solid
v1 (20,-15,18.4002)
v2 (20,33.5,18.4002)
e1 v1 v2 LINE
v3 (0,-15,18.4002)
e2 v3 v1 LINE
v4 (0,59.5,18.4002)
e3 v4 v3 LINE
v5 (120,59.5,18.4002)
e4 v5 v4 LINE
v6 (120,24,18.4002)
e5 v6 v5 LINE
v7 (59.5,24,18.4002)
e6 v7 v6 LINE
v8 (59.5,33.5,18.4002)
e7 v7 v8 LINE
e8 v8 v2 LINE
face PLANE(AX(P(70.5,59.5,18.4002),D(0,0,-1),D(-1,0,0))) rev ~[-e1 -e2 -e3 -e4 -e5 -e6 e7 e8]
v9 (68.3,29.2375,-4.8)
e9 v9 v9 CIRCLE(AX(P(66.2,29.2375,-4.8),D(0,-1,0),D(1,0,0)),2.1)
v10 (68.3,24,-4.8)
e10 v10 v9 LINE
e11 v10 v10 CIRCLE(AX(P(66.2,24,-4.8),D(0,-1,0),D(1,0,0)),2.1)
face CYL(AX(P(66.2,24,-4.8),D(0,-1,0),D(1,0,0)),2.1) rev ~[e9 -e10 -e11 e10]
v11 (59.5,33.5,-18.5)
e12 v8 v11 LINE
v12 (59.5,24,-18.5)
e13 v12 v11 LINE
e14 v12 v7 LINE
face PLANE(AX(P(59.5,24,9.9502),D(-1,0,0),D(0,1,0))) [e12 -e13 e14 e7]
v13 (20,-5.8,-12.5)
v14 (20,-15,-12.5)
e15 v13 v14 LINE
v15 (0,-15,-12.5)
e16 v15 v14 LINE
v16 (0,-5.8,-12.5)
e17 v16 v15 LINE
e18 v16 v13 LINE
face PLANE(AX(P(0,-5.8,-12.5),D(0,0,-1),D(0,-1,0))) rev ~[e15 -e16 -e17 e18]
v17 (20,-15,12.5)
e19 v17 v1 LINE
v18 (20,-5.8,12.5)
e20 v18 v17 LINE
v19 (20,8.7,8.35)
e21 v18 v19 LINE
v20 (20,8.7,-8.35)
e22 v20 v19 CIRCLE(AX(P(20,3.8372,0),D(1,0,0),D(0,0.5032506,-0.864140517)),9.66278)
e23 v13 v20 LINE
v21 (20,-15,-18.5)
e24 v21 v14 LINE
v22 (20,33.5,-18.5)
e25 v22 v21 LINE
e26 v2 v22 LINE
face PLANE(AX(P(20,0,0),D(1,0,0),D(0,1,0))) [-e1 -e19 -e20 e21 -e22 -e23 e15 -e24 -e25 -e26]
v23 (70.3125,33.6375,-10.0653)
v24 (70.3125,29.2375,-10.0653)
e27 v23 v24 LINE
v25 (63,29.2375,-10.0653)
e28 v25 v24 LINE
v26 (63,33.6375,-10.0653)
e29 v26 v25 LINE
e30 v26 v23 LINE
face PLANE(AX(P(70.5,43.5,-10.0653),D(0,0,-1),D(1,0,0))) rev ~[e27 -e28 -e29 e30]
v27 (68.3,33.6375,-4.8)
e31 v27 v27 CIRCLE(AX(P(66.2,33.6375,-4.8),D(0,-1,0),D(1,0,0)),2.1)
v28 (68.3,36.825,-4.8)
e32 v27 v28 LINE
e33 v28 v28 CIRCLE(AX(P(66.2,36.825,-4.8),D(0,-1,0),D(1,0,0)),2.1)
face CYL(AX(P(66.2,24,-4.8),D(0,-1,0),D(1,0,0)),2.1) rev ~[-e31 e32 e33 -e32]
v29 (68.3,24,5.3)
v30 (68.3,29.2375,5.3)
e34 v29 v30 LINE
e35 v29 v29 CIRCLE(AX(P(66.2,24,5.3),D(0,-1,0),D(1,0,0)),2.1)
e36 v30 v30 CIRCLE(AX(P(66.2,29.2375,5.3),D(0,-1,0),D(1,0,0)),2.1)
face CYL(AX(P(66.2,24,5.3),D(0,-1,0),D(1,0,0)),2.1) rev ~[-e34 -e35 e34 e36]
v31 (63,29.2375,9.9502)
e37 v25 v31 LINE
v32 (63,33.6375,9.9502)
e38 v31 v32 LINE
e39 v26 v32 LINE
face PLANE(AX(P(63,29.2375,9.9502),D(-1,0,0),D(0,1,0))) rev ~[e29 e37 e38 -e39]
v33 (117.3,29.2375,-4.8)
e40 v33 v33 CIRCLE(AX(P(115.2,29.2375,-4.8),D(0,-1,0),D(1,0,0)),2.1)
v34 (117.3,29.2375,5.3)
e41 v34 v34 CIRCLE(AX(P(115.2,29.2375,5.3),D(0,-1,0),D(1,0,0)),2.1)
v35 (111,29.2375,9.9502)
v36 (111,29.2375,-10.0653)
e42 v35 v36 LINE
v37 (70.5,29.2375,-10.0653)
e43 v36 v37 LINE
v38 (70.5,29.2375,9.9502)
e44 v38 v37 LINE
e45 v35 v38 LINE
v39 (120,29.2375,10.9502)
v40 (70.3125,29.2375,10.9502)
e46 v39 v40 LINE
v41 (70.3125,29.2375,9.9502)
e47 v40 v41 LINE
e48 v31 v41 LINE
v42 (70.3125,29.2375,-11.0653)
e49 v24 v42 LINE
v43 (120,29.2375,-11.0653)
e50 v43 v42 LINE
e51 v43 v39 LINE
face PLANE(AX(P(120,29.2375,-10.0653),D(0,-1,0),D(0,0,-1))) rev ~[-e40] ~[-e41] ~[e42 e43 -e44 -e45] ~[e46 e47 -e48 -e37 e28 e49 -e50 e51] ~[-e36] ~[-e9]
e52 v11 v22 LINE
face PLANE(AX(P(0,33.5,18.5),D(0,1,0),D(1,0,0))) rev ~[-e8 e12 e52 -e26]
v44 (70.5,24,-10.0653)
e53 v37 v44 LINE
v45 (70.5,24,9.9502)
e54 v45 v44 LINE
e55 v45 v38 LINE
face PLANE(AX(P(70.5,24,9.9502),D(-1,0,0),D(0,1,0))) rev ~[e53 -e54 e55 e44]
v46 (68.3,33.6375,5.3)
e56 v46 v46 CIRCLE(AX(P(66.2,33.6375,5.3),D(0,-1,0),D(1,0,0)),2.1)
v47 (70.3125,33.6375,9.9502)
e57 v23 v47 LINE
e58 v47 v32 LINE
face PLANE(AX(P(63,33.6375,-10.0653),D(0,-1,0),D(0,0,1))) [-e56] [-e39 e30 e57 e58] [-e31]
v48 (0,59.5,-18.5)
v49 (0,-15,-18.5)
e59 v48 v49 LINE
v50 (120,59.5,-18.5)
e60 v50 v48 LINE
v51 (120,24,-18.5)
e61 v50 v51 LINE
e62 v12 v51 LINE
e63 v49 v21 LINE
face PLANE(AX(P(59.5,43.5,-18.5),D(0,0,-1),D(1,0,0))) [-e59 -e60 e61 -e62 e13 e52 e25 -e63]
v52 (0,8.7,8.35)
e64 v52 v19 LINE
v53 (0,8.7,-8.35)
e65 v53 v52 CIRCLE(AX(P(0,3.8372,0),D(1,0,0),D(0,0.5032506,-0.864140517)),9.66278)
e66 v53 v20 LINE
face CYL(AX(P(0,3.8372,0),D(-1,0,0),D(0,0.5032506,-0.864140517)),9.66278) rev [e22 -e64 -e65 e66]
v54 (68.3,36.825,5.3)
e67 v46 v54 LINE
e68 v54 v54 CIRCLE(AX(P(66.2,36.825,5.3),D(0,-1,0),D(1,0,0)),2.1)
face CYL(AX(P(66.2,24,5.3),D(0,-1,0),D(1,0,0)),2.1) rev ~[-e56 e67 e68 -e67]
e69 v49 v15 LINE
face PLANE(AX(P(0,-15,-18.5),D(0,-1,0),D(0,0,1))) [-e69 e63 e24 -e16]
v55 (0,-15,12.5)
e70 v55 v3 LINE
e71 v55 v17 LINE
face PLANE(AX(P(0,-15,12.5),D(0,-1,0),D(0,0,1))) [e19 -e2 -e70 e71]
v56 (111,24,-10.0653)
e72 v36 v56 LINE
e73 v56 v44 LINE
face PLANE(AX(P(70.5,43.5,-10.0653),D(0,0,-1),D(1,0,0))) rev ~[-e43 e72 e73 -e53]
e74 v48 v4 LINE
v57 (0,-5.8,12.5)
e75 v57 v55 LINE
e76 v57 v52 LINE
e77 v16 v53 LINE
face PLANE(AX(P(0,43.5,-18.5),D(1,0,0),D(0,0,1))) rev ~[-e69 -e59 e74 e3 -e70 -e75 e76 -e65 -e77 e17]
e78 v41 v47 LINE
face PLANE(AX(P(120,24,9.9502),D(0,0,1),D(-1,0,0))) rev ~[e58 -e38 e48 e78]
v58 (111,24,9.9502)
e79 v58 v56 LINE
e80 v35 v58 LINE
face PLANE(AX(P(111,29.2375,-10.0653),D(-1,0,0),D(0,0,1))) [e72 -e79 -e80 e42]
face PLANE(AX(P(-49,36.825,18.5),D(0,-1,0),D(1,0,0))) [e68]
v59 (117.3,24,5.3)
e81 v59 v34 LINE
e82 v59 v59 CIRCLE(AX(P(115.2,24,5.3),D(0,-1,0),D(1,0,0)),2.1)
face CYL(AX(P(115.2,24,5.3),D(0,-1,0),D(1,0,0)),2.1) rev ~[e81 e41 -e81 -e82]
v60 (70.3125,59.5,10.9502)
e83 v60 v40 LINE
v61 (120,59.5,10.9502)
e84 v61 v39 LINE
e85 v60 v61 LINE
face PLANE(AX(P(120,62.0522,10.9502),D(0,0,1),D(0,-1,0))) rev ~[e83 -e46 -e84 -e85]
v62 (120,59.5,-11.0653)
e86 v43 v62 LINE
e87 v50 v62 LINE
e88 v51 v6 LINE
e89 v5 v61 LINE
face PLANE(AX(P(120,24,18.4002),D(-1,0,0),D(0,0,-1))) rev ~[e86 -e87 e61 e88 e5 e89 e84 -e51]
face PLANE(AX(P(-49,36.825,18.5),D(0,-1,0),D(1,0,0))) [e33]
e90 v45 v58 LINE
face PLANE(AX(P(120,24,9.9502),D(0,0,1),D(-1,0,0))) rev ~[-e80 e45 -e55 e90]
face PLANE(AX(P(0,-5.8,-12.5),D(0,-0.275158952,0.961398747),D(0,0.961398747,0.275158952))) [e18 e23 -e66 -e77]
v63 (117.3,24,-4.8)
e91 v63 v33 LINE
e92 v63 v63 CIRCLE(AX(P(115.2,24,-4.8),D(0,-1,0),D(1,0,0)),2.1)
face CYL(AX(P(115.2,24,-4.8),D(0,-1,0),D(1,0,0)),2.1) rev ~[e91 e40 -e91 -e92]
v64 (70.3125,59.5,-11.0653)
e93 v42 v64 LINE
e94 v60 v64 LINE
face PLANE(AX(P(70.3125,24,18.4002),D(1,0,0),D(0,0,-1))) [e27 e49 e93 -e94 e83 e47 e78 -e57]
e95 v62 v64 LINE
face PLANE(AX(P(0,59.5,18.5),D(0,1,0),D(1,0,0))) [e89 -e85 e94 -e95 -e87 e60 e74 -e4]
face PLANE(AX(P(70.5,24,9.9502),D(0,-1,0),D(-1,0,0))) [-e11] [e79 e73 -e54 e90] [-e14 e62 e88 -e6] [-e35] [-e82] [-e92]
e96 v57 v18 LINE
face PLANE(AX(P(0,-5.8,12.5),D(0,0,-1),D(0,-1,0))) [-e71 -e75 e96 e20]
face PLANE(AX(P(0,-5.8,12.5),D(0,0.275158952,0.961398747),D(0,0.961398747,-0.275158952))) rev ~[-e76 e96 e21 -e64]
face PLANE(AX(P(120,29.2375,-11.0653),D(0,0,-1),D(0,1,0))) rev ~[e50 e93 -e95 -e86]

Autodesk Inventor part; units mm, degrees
ref_plane "YZ Plane" through (0, 0, 0) normal (1, 0, 0) x (0, 1, 0)
ref_plane "XZ Plane" through (0, 0, 0) normal (0, 1, 0) x (-1, 0, 0)
ref_plane "XY Plane" through (0, 0, 0) normal (0, 0, 1) x (1, 0, 0)
sketch "Sketch1" plane through (0, 0, 0) normal (1, 0, 0) x (0, 1, 0)
  line L0 (-5.8, 12.5) -> (-15, 12.5)
  line L1 (-5.8, -12.5) -> (-15, -12.5)
  line L2 (-5.8, 12.5) -> (8.7, 8.35)
  line L3 (-5.8, -12.5) -> (8.7, -8.35)
  arc A0 (8.7, -8.35) -> (8.7, 8.35) centre (3.8372, 0) ccw
  line L4 (-15, 12.5) -> (-15, 18.5)
  line L5 (-15, 18.5) -> (33.5, 18.5)
  line L6 (33.5, 18.5) -> (33.5, -18.5)
  line L7 (33.5, -18.5) -> (-15, -18.5)
  line L8 (-15, -18.5) -> (-15, -12.5)
  point P0 (0, 0)
  point P1 (-10.4, 12.5)
  point P2 (10.8853, -1.4818)
  point P3 (13.5, 0)
  point P4 (33.5, 0)
  dimension "d0" = 9.2
  dimension "d1" = 25
  dimension "d2" = 12.5
  dimension "d5" = 14.5
  dimension "d6" = 14.5
  dimension "d7" = 9.2
  dimension "d8" = 12.5
  dimension "d9" = 15
  dimension "d10" = 15
  dimension "d11" = 4.15
  dimension "d12" = 4.15
  dimension "d13" = 4.8
  dimension "d14" = 6
  dimension "d15" = 6
  dimension "d16" = 37
  dimension "d29" = 20
extrude "Extrusion1" add sketch "Sketch1" along normal blind 20
sketch "Sketch2" plane through (0, 33.5, 18.5) normal (0, 1, 0) x (1, 0, 0)
  line L0 (0, 31) -> (0, 37) projected
  line L1 (0, 37) -> (70.5, 37)
  line L2 (70.5, 37) -> (70.5, 0.0995)
  line L3 (70.5, 0.0995) -> (0, 0.0995)
  line L4 (0, 0.0995) -> (0, 37)
  line L5 (20, 37) -> (20, 0) projected
  point P0 (0, 18.5)
  point P1 (70.5, 18.5498)
  point P2 (0, 31)
  dimension "d19" = 50.5
extrude "Extrusion2" add sketch "Sketch2" along normal blind 10
sketch "Sketch3" plane through (0, 33.5, 18.5) normal (0, -1, 0) x (1, 0, 0)
  line L0 (111, -8.5498) -> (111, -28.5498)
  line L1 (111, -28.5498) -> (70.5, -28.5498)
  line L2 (70.5, -28.5498) -> (70.5, -8.5498)
  line L3 (70.5, -0.0995) -> (70.5, -37) projected
  line L4 (111, -8.5498) -> (120, -8.5498)
  line L5 (120, -8.5498) -> (120, -37)
  line L6 (120, -37) -> (70.5, -37)
  line L7 (70.5, -37) -> (0, -37) projected
  line L8 (70.5, -37) -> (59.5, -37)
  line L9 (59.5, -37) -> (59.5, -8.5498)
  line L10 (59.5, -8.5498) -> (70.5, -8.5498)
  point P0 (0, -18.5)
  point P1 (70.5, -18.5498)
  point P2 (70.5, -18.5498)
  point P3 (111, -18.5498)
  dimension "d22" = 20
  dimension "d23" = 20
  dimension "d24" = 0
  dimension "d25" = 40.5
  dimension "d26" = 9
  dimension "d30" = 11
extrude "Extrusion3" add sketch "Sketch3" along normal blind 9.5 and the other way blind 10
sketch "Sketch4" plane through (0, 43.5, 18.5) normal (0, 1, 0) x (1, 0, 0)
  line L0 (111, 8.5498) -> (120, 8.5498) projected
  line L1 (63, 28.5653) -> (120, 28.5653)
  line L2 (120, 28.5653) -> (120, 8.5498)
  line L3 (120, 8.5498) -> (63, 8.5498)
  line L4 (63, 8.5498) -> (63, 28.5653)
  line L5 (70.5, 0.0995) -> (70.5, 28.5498) projected
  line L6 (111, 28.5498) -> (111, 8.5498) projected
  point P0 (0, 18.5)
  point P1 (70.5, 14.3246)
  dimension "d33" = 7.5
  dimension "d34" = 9
extrude "Extrusion4" cut sketch "Sketch4" against normal blind 14.2625
sketch "Sketch5" plane through (0, 43.5, 18.5) normal (0, 1, 0) x (1, 0, 0)
  line L0 (63, 8.5498) -> (63, 28.5653) projected
  line L1 (63, 8.5498) -> (70.5, 8.5498)
  line L2 (70.5, 8.5498) -> (70.5, -1.0168)
  line L3 (70.5, -1.0168) -> (63, -1.0168)
  line L4 (63, -1.0168) -> (63, 8.5498)
  line L5 (70.5, 0.0995) -> (70.5, 8.5498) projected
  point P0 (0, 18.5)
  dimension "d47" = 0
extrude "Extrusion5" cut sketch "Sketch5" against normal blind 14.2625
sketch "Sketch7" plane through (59.5, 24, 9.9502) normal (0, 0, 1) x (1, 0, 0)
  line L0 (3.5, 5.2375) -> (3.5, 9.5) projected
  line L1 (11, 0) -> (11, 5.2375) projected
  line L2 (3.5, 5.2375) -> (11, 5.2375)
  line L3 (11, 5.2375) -> (11, 0)
  line L4 (11, 0) -> (0, 0)
  line L5 (0, 0) -> (0, 9.5)
  line L6 (0, 9.5) -> (3.5, 9.5)
  line L7 (-39.5, 9.5) -> (3.5, 9.5) projected
  line L8 (3.5, 9.5) -> (3.5, 19.5) projected
  point P0 (-59.5, -24)
  dimension "d42" = 11
  dimension "d43" = 0
  dimension "d44" = 0
extrude "Extrusion7" add sketch "Sketch7" along normal blind 8.45
sketch "Sketch8" plane through (63, 43.5, 18.4005) normal (1, 0, 0) x (0, 0, -1)
  line L0 (28.4658, 0) -> (28.4658, -14.2625) projected
  line L1 (36.9005, 0) -> (0, 0) projected
  line L2 (28.4658, -9.8625) -> (0, -9.8625)
  line L3 (0, -9.8625) -> (0, 0)
  line L4 (0, 0) -> (28.4658, 0)
  line L5 (28.4658, 0) -> (28.4658, -9.8625)
  line L6 (28.4658, -14.2625) -> (8.4502, -14.2625) projected
  line L7 (8.4502, -14.2625) -> (8.4502, -19.5) projected
  line L8 (0, -10) -> (0, 0) projected
  point P0 (18.4005, -43.5)
  dimension "d48" = 4.4
  dimension "d52" = 0
extrude "Extrusion8" add sketch "Sketch8" along normal blind 7.5
sketch "Sketch9" plane through (0, 43.5, 18.5) normal (0, 1, 0) x (1, 0, 0)
  line L0 (59.5, 37) -> (59.5, 0.0998) projected
  line L1 (59.5, 0.0998) -> (59.5, 37)
  line L2 (120, 37) -> (120, 8.5498) projected
  line L3 (59.5, 37) -> (120, 37)
  line L4 (70.5, 28.5653) -> (120, 28.5653) projected
  line L5 (120, 37) -> (120, 28.5653)
  line L6 (120, 28.5653) -> (70.5, 28.5653)
  line L7 (0, 0.0995) -> (70.5, 0.0995) projected
  line L8 (70.5, 28.5653) -> (70.5, 0.0995)
  line L9 (70.5, 0.0995) -> (59.5, 0.0998)
  point P0 (0, 18.5)
extrude "Extrusion9" add sketch "Sketch9" along normal blind 16
sketch "Sketch10" plane through (0, 43.5, 18.5) normal (0, 1, 0) x (1, 0, 0)
  line L0 (59.5, 0.0998) -> (59.5, 37) projected
  line L1 (0, 0.0995) -> (70.5, 0.0995) projected
  line L2 (59.5, 37) -> (0, 37)
  line L3 (0, 37) -> (0, 0.0995)
  line L4 (0, 0.0995) -> (59.5, 0.0995)
  line L5 (59.5, 0.0995) -> (59.5, 37)
  point P0 (0, 18.5)
  point P1 (59.5, 0.0995)
extrude "Extrusion10" add sketch "Sketch10" along normal blind 16
sketch "Sketch12" plane through (0, 59.5, 18.5) normal (0, 1, 0) x (1, 0, 0)
  line L0 (70.5, 28.5498) -> (70.5, 0.0998) projected
  line L1 (70.5, 0.0998) -> (0, 0.0998)
  line L2 (0, 0.0998) -> (0, -16.6848)
  line L3 (0, -16.6848) -> (70.5, -16.6848)
  line L4 (70.5, -16.6848) -> (70.5, 0.0998)
  point P0 (0, 18.5)
extrude "Extrusion11" cut sketch "Sketch12" against normal blind 76.325
sketch "Sketch13" plane through (0, 29.2375, 18.5) normal (0, 1, 0) x (1, 0, 0)
  line L0 (111, 8.5498) -> (111, 28.5498) projected
  line L1 (70.5, 0.0998) -> (70.5, 28.5653) projected
  line L2 (111, 28.5498) -> (70.5, 28.5498)
  line L3 (70.5, 28.5498) -> (70.5, 28.5653)
  line L4 (70.5, 28.5653) -> (111, 28.5653)
  line L5 (111, 28.5653) -> (111, 28.5498)
  point P0 (0, 18.5)
extrude "Extrusion12" cut sketch "Sketch13" against normal blind 76.325
sketch "Sketch14" plane through (0, 24, 18.5) normal (0, -1, 0) x (1, 0, 0)
  circle A0 centre (115.2, -23.3) radius 2.1
  circle A1 centre (115.2, -13.2) radius 2.1
  line L0 (111, -8.5498) -> (111, -28.5653) projected
  line L1 (20, -10.15) -> (20, -26.85) projected
  point P0 (0, -18.5)
  point P1 (20, -18.5)
  dimension "d61" = 4.2
  dimension "d62" = 4.2
  dimension "d63" = 10.1
  dimension "d64" = 4.2
  dimension "d65" = 0
  dimension "d66" = 4.8
extrude "Extrusion13" cut sketch "Sketch14" against normal blind 12.825
pattern_linear "Rectangular Pattern1" count 2 spacing 49 along (-1, 0, 0) of "Extrusion13"
sketch "Sketch15" plane through (0, 24, 18.5) normal (0, -1, 0) x (1, 0, 0)
  line L0 (70.5, -0.0998) -> (70.5, -28.5653) projected
  line L1 (70.5, -0.0998) -> (120, -0.0998)
  line L2 (120, -0.0998) -> (120, -8.5498)
  line L3 (120, -8.5498) -> (111, -8.5498) projected
  line L4 (120, -8.5498) -> (111, -8.5498)
  line L5 (111, -8.5498) -> (68.7571, -8.5498)
  line L6 (68.7571, -8.5498) -> (59.5, -8.5498)
  line L7 (59.5, -37) -> (59.5, -0.0998) projected
  line L8 (59.5, -0.0998) -> (59.5, -8.5498)
  line L9 (59.5, -0.0998) -> (70.5, -0.0998)
  point P0 (0, -18.5)
extrude "Extrusion14" add sketch "Sketch15" against normal blind 35.5
sketch "Sketch16" plane through (120, 24, 18.4002) normal (1, 0, 0) x (0, 0, -1)
  line L0 (7.45, 5.2375) -> (29.4655, 5.2375)
  line L1 (29.4655, 5.2375) -> (29.4655, 38.0522)
  line L2 (29.4655, 38.0522) -> (7.45, 38.0522)
  line L3 (7.45, 38.0522) -> (7.45, 5.2375)
  line L4 (28.4655, 5.2375) -> (8.45, 5.2375) projected
  line L5 (8.45, 5.2375) -> (8.45, 35.5) projected
  line L6 (28.4655, 35.5) -> (28.4655, 5.2375) projected
  point P0 (18.4002, -24)
  dimension "d74" = 0
  dimension "d75" = 1
  dimension "d76" = 1
extrude "Extrusion15" cut sketch "Sketch16" against normal blind 49.6875
properties part number "Holder2"
